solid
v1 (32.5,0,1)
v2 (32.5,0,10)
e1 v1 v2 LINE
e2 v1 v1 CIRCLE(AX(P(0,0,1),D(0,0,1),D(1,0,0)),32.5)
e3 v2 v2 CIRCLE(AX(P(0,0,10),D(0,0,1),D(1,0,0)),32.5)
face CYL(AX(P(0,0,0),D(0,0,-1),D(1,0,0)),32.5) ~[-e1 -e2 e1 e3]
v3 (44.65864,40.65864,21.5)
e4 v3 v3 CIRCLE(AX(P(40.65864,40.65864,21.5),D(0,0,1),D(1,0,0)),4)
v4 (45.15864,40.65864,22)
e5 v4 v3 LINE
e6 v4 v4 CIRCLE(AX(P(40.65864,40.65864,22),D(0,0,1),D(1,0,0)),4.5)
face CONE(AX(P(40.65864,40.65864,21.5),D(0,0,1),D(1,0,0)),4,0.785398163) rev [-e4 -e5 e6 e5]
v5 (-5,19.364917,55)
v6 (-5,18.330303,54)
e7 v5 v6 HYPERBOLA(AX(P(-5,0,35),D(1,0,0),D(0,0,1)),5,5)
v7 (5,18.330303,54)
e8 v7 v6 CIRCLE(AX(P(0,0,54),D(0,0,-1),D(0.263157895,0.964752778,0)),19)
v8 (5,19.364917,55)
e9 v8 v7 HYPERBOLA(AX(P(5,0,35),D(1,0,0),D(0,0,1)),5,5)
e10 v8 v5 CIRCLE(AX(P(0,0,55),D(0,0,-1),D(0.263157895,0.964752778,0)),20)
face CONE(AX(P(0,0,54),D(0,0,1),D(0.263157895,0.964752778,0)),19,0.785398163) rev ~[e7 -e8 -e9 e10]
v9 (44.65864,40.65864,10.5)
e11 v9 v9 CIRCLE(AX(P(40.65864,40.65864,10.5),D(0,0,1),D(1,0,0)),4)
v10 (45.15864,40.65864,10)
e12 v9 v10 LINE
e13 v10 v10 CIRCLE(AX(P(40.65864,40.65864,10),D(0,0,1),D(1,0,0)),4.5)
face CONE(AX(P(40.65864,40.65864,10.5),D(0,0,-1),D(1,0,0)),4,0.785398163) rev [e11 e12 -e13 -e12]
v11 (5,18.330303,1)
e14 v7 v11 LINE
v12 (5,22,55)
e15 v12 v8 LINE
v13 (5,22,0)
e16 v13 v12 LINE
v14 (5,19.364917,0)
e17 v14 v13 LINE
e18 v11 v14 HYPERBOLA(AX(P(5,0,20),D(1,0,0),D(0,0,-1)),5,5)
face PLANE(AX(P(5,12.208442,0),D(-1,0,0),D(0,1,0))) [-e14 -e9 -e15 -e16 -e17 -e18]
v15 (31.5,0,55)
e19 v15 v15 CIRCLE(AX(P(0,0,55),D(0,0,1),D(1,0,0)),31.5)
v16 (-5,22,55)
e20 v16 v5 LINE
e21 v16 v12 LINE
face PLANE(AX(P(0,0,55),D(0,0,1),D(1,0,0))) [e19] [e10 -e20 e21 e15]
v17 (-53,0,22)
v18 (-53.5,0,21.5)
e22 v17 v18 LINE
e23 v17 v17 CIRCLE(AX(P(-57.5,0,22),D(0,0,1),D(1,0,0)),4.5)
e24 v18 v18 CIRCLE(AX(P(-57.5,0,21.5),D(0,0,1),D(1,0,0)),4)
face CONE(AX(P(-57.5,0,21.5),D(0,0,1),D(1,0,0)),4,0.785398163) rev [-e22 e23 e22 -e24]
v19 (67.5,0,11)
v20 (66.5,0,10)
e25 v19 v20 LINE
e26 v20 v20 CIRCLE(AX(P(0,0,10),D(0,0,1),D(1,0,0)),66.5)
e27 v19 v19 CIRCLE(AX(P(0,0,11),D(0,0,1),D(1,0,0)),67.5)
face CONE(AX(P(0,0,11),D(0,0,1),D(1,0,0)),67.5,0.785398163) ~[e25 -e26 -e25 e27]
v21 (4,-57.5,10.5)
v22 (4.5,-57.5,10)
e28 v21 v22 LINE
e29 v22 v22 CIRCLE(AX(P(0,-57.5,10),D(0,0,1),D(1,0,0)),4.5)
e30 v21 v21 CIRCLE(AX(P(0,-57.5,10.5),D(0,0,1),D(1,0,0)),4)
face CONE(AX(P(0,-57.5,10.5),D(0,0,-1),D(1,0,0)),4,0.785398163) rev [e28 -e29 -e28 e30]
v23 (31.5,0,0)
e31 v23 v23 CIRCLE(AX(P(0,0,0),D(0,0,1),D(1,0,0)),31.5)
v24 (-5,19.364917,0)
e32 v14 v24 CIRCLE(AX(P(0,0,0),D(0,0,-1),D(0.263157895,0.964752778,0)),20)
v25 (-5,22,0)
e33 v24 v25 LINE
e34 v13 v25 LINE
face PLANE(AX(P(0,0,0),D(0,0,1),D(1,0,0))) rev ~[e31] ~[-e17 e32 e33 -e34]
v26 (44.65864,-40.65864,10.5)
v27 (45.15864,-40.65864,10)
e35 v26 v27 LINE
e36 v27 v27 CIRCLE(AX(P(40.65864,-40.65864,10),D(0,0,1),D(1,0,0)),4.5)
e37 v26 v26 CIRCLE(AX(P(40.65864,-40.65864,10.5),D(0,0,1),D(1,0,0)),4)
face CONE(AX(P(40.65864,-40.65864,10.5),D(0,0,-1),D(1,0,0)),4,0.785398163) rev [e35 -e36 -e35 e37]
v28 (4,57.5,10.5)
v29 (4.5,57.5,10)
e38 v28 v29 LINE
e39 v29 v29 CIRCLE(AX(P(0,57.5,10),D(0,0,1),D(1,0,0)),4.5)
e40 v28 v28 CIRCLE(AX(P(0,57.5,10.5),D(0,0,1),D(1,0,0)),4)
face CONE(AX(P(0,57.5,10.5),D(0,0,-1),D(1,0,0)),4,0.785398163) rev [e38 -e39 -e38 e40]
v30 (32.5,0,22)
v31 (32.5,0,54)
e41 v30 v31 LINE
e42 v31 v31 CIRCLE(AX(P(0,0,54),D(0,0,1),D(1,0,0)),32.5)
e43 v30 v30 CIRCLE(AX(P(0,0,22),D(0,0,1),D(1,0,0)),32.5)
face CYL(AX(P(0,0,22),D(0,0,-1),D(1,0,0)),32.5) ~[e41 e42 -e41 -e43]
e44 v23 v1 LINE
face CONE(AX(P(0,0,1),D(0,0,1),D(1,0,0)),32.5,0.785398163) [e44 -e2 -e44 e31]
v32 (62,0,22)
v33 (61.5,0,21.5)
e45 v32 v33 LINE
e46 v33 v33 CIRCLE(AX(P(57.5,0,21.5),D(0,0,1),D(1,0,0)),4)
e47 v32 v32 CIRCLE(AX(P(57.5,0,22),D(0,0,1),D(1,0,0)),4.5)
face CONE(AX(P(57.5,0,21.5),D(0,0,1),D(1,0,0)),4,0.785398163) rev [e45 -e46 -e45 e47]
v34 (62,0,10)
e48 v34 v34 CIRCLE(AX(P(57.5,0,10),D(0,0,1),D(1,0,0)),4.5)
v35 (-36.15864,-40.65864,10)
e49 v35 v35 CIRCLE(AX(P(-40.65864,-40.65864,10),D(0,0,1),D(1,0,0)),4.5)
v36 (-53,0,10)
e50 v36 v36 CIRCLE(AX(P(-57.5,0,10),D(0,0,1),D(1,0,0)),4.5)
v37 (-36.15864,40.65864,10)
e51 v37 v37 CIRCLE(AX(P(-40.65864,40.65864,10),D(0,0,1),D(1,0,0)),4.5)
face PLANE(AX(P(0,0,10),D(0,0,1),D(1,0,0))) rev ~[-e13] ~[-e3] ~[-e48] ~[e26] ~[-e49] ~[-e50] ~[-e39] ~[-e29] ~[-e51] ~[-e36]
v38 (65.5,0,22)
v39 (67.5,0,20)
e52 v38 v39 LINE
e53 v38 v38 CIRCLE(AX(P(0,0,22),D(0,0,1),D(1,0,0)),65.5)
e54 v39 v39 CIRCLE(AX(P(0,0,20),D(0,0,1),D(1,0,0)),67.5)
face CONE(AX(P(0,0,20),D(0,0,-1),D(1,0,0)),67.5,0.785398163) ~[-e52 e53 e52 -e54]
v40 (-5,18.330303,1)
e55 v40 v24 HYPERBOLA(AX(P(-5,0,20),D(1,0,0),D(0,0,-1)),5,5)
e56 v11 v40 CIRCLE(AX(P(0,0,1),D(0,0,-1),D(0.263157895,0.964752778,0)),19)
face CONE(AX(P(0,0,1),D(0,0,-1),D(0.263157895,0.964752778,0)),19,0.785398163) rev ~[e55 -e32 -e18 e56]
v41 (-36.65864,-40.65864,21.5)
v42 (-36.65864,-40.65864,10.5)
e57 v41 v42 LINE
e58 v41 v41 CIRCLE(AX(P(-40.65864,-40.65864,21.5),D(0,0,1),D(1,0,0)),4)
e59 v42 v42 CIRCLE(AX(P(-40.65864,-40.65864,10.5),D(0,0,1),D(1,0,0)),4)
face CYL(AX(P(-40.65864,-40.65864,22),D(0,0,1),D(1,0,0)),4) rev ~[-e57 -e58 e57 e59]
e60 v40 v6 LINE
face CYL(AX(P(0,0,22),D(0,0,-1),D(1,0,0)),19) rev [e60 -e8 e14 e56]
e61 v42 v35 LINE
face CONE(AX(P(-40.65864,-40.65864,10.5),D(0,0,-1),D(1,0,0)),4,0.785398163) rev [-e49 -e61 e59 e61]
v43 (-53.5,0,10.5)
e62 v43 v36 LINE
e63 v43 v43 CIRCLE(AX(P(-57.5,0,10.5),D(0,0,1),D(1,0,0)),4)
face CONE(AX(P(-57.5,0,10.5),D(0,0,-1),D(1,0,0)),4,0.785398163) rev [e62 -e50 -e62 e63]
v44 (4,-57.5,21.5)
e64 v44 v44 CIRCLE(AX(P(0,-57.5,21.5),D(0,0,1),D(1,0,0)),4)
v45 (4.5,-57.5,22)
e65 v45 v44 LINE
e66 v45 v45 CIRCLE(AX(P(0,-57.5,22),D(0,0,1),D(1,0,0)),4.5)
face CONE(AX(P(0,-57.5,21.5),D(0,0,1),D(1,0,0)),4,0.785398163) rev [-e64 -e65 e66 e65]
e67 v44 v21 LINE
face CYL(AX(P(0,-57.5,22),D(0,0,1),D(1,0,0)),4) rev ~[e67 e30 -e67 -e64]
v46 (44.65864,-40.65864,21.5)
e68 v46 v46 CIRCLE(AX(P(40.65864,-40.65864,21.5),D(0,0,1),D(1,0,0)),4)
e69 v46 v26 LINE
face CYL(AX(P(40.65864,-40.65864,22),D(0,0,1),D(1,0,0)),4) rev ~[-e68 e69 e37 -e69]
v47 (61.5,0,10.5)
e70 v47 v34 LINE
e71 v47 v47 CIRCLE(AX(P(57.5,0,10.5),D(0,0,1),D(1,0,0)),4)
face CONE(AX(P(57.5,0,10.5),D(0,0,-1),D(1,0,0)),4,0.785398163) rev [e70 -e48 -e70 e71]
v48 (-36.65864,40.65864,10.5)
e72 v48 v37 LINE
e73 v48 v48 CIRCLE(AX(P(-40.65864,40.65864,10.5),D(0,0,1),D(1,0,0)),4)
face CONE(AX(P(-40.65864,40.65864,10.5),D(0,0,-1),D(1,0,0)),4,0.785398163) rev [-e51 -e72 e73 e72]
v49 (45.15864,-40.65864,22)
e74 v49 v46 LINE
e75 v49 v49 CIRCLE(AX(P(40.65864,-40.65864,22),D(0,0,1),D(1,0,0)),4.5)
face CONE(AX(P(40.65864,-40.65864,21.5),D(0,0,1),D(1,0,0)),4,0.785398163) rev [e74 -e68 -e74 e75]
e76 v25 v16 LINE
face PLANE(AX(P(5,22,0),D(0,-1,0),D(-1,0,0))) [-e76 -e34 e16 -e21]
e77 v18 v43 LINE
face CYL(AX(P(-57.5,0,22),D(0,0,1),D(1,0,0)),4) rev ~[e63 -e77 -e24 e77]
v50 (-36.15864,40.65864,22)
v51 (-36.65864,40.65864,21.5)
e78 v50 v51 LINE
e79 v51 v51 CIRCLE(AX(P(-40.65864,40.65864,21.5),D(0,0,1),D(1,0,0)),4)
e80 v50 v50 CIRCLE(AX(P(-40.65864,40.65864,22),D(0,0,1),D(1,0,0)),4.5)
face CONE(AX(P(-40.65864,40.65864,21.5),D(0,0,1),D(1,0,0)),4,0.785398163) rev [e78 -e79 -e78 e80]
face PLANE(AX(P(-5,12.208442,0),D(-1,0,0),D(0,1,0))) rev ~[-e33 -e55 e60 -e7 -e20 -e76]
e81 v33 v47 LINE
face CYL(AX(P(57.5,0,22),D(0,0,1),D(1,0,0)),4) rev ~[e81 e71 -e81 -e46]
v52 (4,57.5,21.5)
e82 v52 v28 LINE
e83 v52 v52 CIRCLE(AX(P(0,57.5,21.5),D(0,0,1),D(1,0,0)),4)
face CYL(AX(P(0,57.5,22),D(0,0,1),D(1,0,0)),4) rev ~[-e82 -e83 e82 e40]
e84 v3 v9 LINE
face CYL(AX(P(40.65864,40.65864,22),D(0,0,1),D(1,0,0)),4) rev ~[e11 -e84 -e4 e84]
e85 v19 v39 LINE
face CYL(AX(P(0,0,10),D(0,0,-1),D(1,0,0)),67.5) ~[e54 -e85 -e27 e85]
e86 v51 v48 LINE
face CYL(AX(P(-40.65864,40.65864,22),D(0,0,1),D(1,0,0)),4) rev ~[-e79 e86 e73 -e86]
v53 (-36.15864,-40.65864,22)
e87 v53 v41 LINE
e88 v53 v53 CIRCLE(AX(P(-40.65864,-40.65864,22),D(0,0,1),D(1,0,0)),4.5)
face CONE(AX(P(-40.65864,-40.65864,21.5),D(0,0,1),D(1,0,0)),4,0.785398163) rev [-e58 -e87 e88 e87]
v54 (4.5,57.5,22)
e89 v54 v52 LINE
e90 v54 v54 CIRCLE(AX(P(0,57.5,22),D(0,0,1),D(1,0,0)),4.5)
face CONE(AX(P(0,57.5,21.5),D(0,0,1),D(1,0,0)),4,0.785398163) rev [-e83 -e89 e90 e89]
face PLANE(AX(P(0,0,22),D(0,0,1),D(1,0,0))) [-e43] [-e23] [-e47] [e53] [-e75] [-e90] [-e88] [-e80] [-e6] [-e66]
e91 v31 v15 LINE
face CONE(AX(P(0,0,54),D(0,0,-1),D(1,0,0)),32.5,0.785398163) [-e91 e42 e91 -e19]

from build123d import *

# Parameters (mm, degrees)
SKETCH_1_R          = 32.5
EXTRUDE_1_DEPTH     = 10
SKETCH_2_R          = 67.5
EXTRUDE_2_DEPTH     = 12
SKETCH_3_R          = 19
CUT_EXTRUDE_1_DEPTH = 45
SKETCH_4_R          = 32.5
SKETCH_4_R_2        = 19
EXTRUDE_3_DEPTH     = 33
SKETCH_5_W          = 10
SKETCH_5_H          = 9.79155849
CUT_EXTRUDE_2_DEPTH = 111.170322683
SKETCH_6_R          = 4
CUT_EXTRUDE_3_DEPTH = 30
CHAMFER_1_SIZE      = 1
CHAMFER_2_SIZE      = 0.5
CHAMFER_3_SIZE      = 2
CHAMFER_4_SIZE      = 1


with BuildPart() as part:
    # 草图1 → 拉伸1 (new body)
    with BuildSketch(Plane.XY):
        Circle(SKETCH_1_R)
    extrude(amount=EXTRUDE_1_DEPTH)

    # 草图2 → 拉伸2 (add)
    with BuildSketch(Plane.XY.offset(10)):
        Circle(SKETCH_2_R)
    extrude(amount=EXTRUDE_2_DEPTH)

    # 草图3 → 切除-拉伸1 (cut)
    with BuildSketch(Plane.XY.offset(22)):
        Circle(SKETCH_3_R)
    extrude(amount=-CUT_EXTRUDE_1_DEPTH, mode=Mode.SUBTRACT)

    # 草图4 → 拉伸3 (add)
    with BuildSketch(Plane.XY.offset(22)):
        Circle(SKETCH_4_R)
        Circle(SKETCH_4_R_2, mode=Mode.SUBTRACT)
    extrude(amount=EXTRUDE_3_DEPTH)

    # 草图5 → 切除-拉伸2 (cut, through all)
    with BuildSketch(Plane(origin=(0, 0, 0), x_dir=(-1, 0, 0), z_dir=(0, 0, -1))):
        with Locations((0, 17.104220755)):
            Rectangle(SKETCH_5_W, SKETCH_5_H)
    extrude(amount=-CUT_EXTRUDE_2_DEPTH, mode=Mode.SUBTRACT)

    # 草图6 → 切除-拉伸3 (cut)
    with BuildSketch(Plane.XY.offset(22)):
        with Locations((40.658639918, 40.658639918)):
            Circle(SKETCH_6_R)
        with Locations((0, 57.5)):
            Circle(SKETCH_6_R)
        with Locations((57.5, 0)):
            Circle(SKETCH_6_R)
        with Locations((40.658639918, -40.658639918)):
            Circle(SKETCH_6_R)
        with Locations((0, -57.5)):
            Circle(SKETCH_6_R)
        with Locations((-40.658639918, -40.658639918)):
            Circle(SKETCH_6_R)
        with Locations((-57.5, 0)):
            Circle(SKETCH_6_R)
        with Locations((-40.658639918, 40.658639918)):
            Circle(SKETCH_6_R)
    extrude(amount=-CUT_EXTRUDE_3_DEPTH, mode=Mode.SUBTRACT)

    # 倒角1
    chamfer_1_edges = [part.edges().sort_by_distance(p)[0] for p in [
        (-32.5, 0, 55),
        (-32.5, 0, 0),
        (0, -19, 55),
        (-67.5, 0, 10),
    ]]
    chamfer(chamfer_1_edges, length=CHAMFER_1_SIZE)

    # 倒角2
    chamfer_2_edges = [part.edges().sort_by_distance(p)[0] for p in [
        (-4, 57.5, 10),
        (-4, 57.5, 22),
        (36.658639918, 40.658639918, 10),
        (36.658639918, 40.658639918, 22),
        (53.5, 0, 10),
        (53.5, 0, 22),
        (36.658639918, -40.658639918, 10),
        (36.658639918, -40.658639918, 22),
        (-4, -57.5, 10),
        (-4, -57.5, 22),
        (-44.658639918, -40.658639918, 10),
        (-44.658639918, -40.658639918, 22),
        (-61.5, 0, 10),
        (-61.5, 0, 22),
        (-44.658639918, 40.658639918, 10),
        (-44.658639918, 40.658639918, 22),
    ]]
    chamfer(chamfer_2_edges, length=CHAMFER_2_SIZE)

    # 倒角3
    chamfer_3_edges = [part.edges().sort_by_distance(p)[0] for p in [
        (-67.5, 0, 22),
    ]]
    chamfer(chamfer_3_edges, length=CHAMFER_3_SIZE)

    # 倒角4
    chamfer_4_edges = [part.edges().sort_by_distance(p)[0] for p in [
        (0, -19, 0),
    ]]
    chamfer(chamfer_4_edges, length=CHAMFER_4_SIZE)


solid = part.part
